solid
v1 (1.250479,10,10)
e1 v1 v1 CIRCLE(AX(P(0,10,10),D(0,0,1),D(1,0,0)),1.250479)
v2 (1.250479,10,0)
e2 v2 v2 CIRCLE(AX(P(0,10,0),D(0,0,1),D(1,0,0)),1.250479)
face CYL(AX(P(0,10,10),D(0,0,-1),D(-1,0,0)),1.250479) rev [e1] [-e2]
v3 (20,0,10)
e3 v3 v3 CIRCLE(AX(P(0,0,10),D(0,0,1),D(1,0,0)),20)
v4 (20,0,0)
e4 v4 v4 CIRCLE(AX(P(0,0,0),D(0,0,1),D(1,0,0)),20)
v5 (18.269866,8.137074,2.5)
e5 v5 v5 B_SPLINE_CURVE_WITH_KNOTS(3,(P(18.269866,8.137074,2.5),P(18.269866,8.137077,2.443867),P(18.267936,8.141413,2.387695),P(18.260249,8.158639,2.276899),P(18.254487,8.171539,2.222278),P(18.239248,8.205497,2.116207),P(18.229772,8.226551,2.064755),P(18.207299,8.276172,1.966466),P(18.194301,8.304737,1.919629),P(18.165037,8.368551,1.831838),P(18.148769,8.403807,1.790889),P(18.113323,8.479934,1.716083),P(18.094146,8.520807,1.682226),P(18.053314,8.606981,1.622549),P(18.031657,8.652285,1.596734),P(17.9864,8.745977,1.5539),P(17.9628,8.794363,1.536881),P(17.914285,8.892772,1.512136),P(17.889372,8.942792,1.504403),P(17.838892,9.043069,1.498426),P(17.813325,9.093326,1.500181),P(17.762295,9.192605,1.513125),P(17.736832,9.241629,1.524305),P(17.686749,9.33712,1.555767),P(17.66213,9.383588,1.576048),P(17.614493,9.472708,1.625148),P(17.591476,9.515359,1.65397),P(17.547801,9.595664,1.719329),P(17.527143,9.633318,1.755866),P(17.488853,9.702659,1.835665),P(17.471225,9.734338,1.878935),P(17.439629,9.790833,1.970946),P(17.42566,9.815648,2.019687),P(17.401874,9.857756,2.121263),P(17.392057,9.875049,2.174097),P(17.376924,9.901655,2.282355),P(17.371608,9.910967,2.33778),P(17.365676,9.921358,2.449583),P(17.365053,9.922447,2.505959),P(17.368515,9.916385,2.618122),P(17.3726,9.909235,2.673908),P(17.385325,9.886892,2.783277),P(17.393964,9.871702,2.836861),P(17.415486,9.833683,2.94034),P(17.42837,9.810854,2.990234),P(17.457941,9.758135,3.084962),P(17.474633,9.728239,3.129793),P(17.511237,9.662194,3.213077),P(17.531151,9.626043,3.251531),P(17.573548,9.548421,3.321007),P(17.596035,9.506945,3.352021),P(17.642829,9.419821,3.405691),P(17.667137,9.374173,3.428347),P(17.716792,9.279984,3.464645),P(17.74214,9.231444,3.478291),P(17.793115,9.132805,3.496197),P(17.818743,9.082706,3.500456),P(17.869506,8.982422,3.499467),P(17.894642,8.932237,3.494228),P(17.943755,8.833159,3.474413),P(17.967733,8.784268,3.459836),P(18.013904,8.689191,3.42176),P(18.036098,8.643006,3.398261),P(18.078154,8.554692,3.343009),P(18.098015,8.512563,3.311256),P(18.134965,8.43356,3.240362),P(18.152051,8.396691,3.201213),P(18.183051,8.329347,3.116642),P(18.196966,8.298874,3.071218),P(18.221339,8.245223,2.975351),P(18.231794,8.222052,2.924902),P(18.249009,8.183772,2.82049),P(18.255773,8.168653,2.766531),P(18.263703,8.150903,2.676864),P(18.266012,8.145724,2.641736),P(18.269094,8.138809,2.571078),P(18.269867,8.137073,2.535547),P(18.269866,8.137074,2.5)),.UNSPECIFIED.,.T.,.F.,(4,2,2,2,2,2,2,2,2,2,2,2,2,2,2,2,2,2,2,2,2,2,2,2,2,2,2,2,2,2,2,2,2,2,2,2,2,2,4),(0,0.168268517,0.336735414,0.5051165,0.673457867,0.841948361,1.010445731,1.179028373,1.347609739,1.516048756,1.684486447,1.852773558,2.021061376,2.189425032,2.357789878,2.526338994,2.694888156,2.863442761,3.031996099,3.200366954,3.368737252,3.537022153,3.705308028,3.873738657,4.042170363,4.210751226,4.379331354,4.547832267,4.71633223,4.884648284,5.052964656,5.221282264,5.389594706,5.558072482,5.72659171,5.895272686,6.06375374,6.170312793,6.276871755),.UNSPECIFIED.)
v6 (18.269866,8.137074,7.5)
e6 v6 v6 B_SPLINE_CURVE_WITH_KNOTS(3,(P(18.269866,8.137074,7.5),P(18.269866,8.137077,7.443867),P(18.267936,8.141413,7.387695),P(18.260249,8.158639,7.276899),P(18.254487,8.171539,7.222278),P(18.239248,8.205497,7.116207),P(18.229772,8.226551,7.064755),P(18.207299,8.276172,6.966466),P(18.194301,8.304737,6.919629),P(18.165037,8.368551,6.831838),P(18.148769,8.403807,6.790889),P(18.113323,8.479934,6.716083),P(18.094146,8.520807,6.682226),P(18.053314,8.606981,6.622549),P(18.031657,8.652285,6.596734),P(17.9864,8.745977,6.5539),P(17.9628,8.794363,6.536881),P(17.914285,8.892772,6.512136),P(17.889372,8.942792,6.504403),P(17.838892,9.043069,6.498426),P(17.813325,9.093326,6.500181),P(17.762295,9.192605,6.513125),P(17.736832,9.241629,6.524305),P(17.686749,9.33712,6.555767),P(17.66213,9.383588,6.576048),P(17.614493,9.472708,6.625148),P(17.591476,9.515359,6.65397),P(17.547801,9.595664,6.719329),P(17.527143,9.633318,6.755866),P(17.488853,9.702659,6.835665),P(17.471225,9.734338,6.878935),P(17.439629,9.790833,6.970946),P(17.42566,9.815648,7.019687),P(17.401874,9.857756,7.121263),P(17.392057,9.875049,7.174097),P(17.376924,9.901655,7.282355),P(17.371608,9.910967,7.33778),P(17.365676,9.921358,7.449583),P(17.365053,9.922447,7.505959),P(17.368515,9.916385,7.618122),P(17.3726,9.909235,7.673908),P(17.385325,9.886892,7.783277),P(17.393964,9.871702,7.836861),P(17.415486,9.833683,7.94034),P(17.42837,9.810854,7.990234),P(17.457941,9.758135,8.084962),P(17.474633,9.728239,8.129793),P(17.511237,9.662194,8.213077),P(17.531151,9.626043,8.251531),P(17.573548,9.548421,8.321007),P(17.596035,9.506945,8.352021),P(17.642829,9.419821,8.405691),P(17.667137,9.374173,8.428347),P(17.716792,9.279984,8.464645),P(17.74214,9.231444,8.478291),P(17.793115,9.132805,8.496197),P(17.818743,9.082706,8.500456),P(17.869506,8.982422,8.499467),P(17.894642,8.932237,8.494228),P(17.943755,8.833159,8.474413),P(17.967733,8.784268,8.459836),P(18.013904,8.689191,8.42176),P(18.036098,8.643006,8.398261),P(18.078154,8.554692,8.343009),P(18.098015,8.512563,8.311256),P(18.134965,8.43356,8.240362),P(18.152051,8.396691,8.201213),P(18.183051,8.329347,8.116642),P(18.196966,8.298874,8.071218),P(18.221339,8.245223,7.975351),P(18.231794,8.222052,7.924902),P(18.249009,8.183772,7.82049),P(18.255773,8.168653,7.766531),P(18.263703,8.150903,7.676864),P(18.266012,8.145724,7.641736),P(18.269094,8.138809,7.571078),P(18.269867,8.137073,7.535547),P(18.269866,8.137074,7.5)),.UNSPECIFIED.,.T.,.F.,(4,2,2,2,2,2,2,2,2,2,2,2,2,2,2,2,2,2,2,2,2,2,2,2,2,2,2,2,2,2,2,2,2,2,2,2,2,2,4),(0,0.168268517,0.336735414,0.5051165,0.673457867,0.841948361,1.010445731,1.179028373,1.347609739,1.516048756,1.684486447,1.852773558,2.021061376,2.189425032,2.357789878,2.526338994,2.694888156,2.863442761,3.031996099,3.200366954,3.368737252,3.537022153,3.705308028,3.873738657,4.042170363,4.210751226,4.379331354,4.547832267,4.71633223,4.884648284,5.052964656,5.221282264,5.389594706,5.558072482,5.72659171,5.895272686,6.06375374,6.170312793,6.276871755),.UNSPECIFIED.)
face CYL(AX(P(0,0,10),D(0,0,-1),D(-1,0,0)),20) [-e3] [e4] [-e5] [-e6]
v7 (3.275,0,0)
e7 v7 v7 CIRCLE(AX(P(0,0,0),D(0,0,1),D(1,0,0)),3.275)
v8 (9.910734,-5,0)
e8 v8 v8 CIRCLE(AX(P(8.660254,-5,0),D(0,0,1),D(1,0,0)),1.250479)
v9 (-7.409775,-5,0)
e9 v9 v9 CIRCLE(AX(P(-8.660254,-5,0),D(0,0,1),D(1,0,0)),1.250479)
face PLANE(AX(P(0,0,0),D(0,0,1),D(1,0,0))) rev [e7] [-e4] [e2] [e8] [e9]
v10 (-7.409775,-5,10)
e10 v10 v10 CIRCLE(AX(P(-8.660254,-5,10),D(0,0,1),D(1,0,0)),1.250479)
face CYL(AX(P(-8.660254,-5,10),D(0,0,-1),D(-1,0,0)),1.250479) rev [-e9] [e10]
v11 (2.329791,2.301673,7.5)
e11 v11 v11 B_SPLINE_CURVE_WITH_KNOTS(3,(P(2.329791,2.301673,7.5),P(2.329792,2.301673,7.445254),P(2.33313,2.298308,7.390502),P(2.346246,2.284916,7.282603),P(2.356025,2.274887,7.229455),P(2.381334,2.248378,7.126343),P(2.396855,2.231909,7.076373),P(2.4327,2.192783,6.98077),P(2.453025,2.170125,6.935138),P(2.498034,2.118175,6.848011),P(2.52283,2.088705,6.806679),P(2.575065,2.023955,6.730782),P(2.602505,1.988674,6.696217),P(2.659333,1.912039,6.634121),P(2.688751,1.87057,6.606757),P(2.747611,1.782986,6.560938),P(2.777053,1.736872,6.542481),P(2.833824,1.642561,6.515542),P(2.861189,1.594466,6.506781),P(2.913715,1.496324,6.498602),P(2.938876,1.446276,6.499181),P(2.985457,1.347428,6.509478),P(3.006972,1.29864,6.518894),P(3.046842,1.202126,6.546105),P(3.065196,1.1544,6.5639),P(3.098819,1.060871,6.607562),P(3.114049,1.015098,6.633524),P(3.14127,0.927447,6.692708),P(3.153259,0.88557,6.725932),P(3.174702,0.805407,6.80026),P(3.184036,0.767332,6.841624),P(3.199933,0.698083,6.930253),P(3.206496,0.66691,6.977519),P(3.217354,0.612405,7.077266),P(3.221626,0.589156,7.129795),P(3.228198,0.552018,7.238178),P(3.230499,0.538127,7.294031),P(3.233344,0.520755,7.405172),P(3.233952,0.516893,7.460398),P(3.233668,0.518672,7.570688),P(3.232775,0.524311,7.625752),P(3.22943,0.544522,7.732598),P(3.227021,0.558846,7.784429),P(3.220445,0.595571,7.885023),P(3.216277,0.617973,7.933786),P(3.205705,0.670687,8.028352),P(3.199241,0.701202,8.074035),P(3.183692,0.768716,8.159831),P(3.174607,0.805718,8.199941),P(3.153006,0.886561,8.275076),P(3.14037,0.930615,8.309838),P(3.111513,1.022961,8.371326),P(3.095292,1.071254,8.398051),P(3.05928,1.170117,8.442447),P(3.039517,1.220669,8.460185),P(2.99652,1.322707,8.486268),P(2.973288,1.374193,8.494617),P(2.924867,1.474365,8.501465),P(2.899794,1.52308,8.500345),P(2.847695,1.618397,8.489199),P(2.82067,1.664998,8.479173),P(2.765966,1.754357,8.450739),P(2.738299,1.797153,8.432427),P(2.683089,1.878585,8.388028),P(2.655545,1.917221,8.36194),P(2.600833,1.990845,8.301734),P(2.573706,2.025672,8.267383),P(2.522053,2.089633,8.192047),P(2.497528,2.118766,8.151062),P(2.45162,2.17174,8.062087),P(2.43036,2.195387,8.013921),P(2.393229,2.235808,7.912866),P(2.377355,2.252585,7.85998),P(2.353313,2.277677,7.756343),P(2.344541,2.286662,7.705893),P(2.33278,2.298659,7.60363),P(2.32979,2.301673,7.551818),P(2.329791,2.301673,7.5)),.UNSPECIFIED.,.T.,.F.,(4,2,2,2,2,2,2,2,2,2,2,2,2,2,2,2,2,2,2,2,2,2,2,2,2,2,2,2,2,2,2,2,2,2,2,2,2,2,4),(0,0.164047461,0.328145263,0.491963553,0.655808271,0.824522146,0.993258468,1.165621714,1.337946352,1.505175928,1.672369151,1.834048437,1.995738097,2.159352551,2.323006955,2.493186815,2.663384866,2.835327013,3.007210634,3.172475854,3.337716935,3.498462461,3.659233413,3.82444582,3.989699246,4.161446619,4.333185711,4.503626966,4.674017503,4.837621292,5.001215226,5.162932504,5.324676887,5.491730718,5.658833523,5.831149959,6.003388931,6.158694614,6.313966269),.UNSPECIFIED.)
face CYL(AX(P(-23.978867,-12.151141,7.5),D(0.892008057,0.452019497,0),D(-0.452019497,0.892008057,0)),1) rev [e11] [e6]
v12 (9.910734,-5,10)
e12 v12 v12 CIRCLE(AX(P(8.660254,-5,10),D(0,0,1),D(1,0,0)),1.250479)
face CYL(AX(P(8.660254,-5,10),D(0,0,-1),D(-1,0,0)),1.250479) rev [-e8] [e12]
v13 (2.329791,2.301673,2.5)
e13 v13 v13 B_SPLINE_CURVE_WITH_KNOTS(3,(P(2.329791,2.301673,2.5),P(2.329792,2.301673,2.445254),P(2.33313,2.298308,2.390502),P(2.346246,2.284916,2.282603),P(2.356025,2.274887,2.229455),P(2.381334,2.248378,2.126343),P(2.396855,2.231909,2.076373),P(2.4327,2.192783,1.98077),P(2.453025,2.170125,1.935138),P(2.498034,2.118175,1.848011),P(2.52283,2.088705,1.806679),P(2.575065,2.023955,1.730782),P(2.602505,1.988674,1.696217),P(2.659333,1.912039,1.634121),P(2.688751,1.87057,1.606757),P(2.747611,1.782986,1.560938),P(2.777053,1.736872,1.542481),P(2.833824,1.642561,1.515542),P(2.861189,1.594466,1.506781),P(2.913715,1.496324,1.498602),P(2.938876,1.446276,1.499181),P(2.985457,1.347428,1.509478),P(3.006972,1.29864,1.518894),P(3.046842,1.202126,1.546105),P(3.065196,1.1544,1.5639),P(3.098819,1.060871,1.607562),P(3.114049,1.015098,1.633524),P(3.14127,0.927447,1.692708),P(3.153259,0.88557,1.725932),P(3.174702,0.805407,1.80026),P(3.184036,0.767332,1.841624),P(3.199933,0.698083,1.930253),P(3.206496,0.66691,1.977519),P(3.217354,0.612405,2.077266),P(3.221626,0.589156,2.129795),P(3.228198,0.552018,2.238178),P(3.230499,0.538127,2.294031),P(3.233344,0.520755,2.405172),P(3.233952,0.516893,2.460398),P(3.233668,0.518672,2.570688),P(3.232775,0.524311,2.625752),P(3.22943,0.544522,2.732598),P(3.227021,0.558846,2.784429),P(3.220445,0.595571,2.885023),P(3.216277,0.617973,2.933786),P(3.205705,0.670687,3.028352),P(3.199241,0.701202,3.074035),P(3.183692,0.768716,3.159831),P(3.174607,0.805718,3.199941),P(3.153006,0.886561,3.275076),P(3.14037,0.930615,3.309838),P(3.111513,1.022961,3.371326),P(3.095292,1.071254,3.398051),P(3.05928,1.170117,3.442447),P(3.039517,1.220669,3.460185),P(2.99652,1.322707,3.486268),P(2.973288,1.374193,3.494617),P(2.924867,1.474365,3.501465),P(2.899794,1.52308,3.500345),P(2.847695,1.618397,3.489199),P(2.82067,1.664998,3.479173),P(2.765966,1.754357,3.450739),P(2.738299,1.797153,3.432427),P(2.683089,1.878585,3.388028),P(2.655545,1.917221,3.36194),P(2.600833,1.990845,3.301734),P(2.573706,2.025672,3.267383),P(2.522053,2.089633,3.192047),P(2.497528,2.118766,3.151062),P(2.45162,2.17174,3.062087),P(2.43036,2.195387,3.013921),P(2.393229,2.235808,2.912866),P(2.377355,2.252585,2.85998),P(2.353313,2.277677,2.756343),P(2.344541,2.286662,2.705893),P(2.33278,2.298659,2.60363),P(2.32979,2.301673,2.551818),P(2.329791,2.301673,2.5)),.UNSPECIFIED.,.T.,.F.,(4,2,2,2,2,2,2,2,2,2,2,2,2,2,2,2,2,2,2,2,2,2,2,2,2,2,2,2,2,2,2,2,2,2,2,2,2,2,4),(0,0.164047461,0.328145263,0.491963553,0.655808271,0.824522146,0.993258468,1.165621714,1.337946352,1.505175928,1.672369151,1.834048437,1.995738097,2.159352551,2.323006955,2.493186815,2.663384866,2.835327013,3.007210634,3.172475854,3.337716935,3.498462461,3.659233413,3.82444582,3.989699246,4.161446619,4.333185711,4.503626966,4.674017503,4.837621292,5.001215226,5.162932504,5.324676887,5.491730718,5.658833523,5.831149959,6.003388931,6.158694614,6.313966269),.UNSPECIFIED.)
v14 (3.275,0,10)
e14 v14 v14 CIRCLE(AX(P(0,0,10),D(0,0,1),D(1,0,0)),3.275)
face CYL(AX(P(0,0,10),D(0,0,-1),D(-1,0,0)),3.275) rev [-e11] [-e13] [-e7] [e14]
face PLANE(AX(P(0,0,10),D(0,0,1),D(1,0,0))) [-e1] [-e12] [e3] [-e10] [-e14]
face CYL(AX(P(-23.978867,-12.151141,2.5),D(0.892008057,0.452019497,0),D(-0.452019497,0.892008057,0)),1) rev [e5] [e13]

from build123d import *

# Parameters (mm, degrees)
SKETCH1_R                           = 20
SKETCH1_R_2                         = 1.250479472
SKETCH1_R_3                         = 3.275
BOSS_EXTRUDE1_DEPTH                 = 10
CUT_EXTRUDE2_REACH                  = 41.275
CUT_EXTRUDE2_END_RADIUS             = 20
SKETCH4_R                           = 1
CUT_EXTRUDE2_DIRECTION_2_REACH      = 41.275
CUT_EXTRUDE2_DIRECTION_2_END_RADIUS = 3.275


with BuildPart() as part:
    # Sketch1 → Boss-Extrude1 (new body)
    with BuildSketch(Plane.XY):
        Circle(SKETCH1_R)
        with Locations((0, 10)):
            Circle(SKETCH1_R_2, mode=Mode.SUBTRACT)
        Circle(SKETCH1_R_3, mode=Mode.SUBTRACT)
        with Locations((8.660254038, -5)):
            Circle(SKETCH1_R_2, mode=Mode.SUBTRACT)
        with Locations((-8.660254038, -5)):
            Circle(SKETCH1_R_2, mode=Mode.SUBTRACT)
    extrude(amount=BOSS_EXTRUDE1_DEPTH)

    # Cut-Extrude2: up to this cylinder (the profile starts inside it)
    cut_extrude2_end = Plane(origin=(0, 0, 5), z_dir=(0, 0, -1)) * Cylinder(CUT_EXTRUDE2_END_RADIUS, 128.55, mode=Mode.PRIVATE)
    # Sketch4 → Cut-Extrude2 (cut, up to the surface)
    with BuildSketch(Plane(origin=(8.979891602, 4.550503837, 0), x_dir=(0.4520194972044375, -0.8920080572209242, 0), z_dir=(-0.8920080572209242, -0.4520194972044375, 0)), mode=Mode.PRIVATE) as cut_extrude2_sk1:
        with Locations(Location((0, 7.5, 0), (0, 0, 180))):
            Circle(SKETCH4_R)
    cut_extrude2_tool1 = extrude(cut_extrude2_sk1.sketch, amount=-CUT_EXTRUDE2_REACH, mode=Mode.PRIVATE) & cut_extrude2_end
    add(cut_extrude2_tool1.solids().sort_by_distance((8.979892, 4.550504, 7.5))[0], mode=Mode.SUBTRACT)
    # Sketch4 → Cut-Extrude2 (cut, up to the surface)
    with BuildSketch(Plane(origin=(8.979891602, 4.550503837, 0), x_dir=(0.4520194972044375, -0.8920080572209242, 0), z_dir=(-0.8920080572209242, -0.4520194972044375, 0)), mode=Mode.PRIVATE) as cut_extrude2_sk2:
        with Locations(Location((0, 2.5, 0), (0, 0, 180))):
            Circle(SKETCH4_R)
    cut_extrude2_tool2 = extrude(cut_extrude2_sk2.sketch, amount=-CUT_EXTRUDE2_REACH, mode=Mode.PRIVATE) & cut_extrude2_end
    add(cut_extrude2_tool2.solids().sort_by_distance((8.979892, 4.550504, 2.5))[0], mode=Mode.SUBTRACT)

    # Cut-Extrude2 direction 2: up to this cylinder (the profile starts outside it)
    cut_extrude2_direction_2_end = Plane(origin=(0, 0, 5), z_dir=(0, 0, -1)) * Cylinder(CUT_EXTRUDE2_DIRECTION_2_END_RADIUS, 95.1, mode=Mode.PRIVATE)
    # Sketch4 → Cut-Extrude2 direction 2 (cut, up to the surface)
    with BuildSketch(Plane(origin=(8.979891602, 4.550503837, 0), x_dir=(0.4520194972044375, -0.8920080572209242, 0), z_dir=(-0.8920080572209242, -0.4520194972044375, 0)), mode=Mode.PRIVATE) as cut_extrude2_direction_2_sk1:
        with Locations(Location((0, 7.5, 0), (0, 0, 180))):
            Circle(SKETCH4_R)
    cut_extrude2_direction_2_tool1 = extrude(cut_extrude2_direction_2_sk1.sketch, amount=CUT_EXTRUDE2_DIRECTION_2_REACH, mode=Mode.PRIVATE) - cut_extrude2_direction_2_end
    add(cut_extrude2_direction_2_tool1.solids().sort_by_distance((8.979892, 4.550504, 7.5))[0], mode=Mode.SUBTRACT)
    # Sketch4 → Cut-Extrude2 direction 2 (cut, up to the surface)
    with BuildSketch(Plane(origin=(8.979891602, 4.550503837, 0), x_dir=(0.4520194972044375, -0.8920080572209242, 0), z_dir=(-0.8920080572209242, -0.4520194972044375, 0)), mode=Mode.PRIVATE) as cut_extrude2_direction_2_sk2:
        with Locations(Location((0, 2.5, 0), (0, 0, 180))):
            Circle(SKETCH4_R)
    cut_extrude2_direction_2_tool2 = extrude(cut_extrude2_direction_2_sk2.sketch, amount=CUT_EXTRUDE2_DIRECTION_2_REACH, mode=Mode.PRIVATE) - cut_extrude2_direction_2_end
    add(cut_extrude2_direction_2_tool2.solids().sort_by_distance((8.979892, 4.550504, 2.5))[0], mode=Mode.SUBTRACT)


solid = part.part
